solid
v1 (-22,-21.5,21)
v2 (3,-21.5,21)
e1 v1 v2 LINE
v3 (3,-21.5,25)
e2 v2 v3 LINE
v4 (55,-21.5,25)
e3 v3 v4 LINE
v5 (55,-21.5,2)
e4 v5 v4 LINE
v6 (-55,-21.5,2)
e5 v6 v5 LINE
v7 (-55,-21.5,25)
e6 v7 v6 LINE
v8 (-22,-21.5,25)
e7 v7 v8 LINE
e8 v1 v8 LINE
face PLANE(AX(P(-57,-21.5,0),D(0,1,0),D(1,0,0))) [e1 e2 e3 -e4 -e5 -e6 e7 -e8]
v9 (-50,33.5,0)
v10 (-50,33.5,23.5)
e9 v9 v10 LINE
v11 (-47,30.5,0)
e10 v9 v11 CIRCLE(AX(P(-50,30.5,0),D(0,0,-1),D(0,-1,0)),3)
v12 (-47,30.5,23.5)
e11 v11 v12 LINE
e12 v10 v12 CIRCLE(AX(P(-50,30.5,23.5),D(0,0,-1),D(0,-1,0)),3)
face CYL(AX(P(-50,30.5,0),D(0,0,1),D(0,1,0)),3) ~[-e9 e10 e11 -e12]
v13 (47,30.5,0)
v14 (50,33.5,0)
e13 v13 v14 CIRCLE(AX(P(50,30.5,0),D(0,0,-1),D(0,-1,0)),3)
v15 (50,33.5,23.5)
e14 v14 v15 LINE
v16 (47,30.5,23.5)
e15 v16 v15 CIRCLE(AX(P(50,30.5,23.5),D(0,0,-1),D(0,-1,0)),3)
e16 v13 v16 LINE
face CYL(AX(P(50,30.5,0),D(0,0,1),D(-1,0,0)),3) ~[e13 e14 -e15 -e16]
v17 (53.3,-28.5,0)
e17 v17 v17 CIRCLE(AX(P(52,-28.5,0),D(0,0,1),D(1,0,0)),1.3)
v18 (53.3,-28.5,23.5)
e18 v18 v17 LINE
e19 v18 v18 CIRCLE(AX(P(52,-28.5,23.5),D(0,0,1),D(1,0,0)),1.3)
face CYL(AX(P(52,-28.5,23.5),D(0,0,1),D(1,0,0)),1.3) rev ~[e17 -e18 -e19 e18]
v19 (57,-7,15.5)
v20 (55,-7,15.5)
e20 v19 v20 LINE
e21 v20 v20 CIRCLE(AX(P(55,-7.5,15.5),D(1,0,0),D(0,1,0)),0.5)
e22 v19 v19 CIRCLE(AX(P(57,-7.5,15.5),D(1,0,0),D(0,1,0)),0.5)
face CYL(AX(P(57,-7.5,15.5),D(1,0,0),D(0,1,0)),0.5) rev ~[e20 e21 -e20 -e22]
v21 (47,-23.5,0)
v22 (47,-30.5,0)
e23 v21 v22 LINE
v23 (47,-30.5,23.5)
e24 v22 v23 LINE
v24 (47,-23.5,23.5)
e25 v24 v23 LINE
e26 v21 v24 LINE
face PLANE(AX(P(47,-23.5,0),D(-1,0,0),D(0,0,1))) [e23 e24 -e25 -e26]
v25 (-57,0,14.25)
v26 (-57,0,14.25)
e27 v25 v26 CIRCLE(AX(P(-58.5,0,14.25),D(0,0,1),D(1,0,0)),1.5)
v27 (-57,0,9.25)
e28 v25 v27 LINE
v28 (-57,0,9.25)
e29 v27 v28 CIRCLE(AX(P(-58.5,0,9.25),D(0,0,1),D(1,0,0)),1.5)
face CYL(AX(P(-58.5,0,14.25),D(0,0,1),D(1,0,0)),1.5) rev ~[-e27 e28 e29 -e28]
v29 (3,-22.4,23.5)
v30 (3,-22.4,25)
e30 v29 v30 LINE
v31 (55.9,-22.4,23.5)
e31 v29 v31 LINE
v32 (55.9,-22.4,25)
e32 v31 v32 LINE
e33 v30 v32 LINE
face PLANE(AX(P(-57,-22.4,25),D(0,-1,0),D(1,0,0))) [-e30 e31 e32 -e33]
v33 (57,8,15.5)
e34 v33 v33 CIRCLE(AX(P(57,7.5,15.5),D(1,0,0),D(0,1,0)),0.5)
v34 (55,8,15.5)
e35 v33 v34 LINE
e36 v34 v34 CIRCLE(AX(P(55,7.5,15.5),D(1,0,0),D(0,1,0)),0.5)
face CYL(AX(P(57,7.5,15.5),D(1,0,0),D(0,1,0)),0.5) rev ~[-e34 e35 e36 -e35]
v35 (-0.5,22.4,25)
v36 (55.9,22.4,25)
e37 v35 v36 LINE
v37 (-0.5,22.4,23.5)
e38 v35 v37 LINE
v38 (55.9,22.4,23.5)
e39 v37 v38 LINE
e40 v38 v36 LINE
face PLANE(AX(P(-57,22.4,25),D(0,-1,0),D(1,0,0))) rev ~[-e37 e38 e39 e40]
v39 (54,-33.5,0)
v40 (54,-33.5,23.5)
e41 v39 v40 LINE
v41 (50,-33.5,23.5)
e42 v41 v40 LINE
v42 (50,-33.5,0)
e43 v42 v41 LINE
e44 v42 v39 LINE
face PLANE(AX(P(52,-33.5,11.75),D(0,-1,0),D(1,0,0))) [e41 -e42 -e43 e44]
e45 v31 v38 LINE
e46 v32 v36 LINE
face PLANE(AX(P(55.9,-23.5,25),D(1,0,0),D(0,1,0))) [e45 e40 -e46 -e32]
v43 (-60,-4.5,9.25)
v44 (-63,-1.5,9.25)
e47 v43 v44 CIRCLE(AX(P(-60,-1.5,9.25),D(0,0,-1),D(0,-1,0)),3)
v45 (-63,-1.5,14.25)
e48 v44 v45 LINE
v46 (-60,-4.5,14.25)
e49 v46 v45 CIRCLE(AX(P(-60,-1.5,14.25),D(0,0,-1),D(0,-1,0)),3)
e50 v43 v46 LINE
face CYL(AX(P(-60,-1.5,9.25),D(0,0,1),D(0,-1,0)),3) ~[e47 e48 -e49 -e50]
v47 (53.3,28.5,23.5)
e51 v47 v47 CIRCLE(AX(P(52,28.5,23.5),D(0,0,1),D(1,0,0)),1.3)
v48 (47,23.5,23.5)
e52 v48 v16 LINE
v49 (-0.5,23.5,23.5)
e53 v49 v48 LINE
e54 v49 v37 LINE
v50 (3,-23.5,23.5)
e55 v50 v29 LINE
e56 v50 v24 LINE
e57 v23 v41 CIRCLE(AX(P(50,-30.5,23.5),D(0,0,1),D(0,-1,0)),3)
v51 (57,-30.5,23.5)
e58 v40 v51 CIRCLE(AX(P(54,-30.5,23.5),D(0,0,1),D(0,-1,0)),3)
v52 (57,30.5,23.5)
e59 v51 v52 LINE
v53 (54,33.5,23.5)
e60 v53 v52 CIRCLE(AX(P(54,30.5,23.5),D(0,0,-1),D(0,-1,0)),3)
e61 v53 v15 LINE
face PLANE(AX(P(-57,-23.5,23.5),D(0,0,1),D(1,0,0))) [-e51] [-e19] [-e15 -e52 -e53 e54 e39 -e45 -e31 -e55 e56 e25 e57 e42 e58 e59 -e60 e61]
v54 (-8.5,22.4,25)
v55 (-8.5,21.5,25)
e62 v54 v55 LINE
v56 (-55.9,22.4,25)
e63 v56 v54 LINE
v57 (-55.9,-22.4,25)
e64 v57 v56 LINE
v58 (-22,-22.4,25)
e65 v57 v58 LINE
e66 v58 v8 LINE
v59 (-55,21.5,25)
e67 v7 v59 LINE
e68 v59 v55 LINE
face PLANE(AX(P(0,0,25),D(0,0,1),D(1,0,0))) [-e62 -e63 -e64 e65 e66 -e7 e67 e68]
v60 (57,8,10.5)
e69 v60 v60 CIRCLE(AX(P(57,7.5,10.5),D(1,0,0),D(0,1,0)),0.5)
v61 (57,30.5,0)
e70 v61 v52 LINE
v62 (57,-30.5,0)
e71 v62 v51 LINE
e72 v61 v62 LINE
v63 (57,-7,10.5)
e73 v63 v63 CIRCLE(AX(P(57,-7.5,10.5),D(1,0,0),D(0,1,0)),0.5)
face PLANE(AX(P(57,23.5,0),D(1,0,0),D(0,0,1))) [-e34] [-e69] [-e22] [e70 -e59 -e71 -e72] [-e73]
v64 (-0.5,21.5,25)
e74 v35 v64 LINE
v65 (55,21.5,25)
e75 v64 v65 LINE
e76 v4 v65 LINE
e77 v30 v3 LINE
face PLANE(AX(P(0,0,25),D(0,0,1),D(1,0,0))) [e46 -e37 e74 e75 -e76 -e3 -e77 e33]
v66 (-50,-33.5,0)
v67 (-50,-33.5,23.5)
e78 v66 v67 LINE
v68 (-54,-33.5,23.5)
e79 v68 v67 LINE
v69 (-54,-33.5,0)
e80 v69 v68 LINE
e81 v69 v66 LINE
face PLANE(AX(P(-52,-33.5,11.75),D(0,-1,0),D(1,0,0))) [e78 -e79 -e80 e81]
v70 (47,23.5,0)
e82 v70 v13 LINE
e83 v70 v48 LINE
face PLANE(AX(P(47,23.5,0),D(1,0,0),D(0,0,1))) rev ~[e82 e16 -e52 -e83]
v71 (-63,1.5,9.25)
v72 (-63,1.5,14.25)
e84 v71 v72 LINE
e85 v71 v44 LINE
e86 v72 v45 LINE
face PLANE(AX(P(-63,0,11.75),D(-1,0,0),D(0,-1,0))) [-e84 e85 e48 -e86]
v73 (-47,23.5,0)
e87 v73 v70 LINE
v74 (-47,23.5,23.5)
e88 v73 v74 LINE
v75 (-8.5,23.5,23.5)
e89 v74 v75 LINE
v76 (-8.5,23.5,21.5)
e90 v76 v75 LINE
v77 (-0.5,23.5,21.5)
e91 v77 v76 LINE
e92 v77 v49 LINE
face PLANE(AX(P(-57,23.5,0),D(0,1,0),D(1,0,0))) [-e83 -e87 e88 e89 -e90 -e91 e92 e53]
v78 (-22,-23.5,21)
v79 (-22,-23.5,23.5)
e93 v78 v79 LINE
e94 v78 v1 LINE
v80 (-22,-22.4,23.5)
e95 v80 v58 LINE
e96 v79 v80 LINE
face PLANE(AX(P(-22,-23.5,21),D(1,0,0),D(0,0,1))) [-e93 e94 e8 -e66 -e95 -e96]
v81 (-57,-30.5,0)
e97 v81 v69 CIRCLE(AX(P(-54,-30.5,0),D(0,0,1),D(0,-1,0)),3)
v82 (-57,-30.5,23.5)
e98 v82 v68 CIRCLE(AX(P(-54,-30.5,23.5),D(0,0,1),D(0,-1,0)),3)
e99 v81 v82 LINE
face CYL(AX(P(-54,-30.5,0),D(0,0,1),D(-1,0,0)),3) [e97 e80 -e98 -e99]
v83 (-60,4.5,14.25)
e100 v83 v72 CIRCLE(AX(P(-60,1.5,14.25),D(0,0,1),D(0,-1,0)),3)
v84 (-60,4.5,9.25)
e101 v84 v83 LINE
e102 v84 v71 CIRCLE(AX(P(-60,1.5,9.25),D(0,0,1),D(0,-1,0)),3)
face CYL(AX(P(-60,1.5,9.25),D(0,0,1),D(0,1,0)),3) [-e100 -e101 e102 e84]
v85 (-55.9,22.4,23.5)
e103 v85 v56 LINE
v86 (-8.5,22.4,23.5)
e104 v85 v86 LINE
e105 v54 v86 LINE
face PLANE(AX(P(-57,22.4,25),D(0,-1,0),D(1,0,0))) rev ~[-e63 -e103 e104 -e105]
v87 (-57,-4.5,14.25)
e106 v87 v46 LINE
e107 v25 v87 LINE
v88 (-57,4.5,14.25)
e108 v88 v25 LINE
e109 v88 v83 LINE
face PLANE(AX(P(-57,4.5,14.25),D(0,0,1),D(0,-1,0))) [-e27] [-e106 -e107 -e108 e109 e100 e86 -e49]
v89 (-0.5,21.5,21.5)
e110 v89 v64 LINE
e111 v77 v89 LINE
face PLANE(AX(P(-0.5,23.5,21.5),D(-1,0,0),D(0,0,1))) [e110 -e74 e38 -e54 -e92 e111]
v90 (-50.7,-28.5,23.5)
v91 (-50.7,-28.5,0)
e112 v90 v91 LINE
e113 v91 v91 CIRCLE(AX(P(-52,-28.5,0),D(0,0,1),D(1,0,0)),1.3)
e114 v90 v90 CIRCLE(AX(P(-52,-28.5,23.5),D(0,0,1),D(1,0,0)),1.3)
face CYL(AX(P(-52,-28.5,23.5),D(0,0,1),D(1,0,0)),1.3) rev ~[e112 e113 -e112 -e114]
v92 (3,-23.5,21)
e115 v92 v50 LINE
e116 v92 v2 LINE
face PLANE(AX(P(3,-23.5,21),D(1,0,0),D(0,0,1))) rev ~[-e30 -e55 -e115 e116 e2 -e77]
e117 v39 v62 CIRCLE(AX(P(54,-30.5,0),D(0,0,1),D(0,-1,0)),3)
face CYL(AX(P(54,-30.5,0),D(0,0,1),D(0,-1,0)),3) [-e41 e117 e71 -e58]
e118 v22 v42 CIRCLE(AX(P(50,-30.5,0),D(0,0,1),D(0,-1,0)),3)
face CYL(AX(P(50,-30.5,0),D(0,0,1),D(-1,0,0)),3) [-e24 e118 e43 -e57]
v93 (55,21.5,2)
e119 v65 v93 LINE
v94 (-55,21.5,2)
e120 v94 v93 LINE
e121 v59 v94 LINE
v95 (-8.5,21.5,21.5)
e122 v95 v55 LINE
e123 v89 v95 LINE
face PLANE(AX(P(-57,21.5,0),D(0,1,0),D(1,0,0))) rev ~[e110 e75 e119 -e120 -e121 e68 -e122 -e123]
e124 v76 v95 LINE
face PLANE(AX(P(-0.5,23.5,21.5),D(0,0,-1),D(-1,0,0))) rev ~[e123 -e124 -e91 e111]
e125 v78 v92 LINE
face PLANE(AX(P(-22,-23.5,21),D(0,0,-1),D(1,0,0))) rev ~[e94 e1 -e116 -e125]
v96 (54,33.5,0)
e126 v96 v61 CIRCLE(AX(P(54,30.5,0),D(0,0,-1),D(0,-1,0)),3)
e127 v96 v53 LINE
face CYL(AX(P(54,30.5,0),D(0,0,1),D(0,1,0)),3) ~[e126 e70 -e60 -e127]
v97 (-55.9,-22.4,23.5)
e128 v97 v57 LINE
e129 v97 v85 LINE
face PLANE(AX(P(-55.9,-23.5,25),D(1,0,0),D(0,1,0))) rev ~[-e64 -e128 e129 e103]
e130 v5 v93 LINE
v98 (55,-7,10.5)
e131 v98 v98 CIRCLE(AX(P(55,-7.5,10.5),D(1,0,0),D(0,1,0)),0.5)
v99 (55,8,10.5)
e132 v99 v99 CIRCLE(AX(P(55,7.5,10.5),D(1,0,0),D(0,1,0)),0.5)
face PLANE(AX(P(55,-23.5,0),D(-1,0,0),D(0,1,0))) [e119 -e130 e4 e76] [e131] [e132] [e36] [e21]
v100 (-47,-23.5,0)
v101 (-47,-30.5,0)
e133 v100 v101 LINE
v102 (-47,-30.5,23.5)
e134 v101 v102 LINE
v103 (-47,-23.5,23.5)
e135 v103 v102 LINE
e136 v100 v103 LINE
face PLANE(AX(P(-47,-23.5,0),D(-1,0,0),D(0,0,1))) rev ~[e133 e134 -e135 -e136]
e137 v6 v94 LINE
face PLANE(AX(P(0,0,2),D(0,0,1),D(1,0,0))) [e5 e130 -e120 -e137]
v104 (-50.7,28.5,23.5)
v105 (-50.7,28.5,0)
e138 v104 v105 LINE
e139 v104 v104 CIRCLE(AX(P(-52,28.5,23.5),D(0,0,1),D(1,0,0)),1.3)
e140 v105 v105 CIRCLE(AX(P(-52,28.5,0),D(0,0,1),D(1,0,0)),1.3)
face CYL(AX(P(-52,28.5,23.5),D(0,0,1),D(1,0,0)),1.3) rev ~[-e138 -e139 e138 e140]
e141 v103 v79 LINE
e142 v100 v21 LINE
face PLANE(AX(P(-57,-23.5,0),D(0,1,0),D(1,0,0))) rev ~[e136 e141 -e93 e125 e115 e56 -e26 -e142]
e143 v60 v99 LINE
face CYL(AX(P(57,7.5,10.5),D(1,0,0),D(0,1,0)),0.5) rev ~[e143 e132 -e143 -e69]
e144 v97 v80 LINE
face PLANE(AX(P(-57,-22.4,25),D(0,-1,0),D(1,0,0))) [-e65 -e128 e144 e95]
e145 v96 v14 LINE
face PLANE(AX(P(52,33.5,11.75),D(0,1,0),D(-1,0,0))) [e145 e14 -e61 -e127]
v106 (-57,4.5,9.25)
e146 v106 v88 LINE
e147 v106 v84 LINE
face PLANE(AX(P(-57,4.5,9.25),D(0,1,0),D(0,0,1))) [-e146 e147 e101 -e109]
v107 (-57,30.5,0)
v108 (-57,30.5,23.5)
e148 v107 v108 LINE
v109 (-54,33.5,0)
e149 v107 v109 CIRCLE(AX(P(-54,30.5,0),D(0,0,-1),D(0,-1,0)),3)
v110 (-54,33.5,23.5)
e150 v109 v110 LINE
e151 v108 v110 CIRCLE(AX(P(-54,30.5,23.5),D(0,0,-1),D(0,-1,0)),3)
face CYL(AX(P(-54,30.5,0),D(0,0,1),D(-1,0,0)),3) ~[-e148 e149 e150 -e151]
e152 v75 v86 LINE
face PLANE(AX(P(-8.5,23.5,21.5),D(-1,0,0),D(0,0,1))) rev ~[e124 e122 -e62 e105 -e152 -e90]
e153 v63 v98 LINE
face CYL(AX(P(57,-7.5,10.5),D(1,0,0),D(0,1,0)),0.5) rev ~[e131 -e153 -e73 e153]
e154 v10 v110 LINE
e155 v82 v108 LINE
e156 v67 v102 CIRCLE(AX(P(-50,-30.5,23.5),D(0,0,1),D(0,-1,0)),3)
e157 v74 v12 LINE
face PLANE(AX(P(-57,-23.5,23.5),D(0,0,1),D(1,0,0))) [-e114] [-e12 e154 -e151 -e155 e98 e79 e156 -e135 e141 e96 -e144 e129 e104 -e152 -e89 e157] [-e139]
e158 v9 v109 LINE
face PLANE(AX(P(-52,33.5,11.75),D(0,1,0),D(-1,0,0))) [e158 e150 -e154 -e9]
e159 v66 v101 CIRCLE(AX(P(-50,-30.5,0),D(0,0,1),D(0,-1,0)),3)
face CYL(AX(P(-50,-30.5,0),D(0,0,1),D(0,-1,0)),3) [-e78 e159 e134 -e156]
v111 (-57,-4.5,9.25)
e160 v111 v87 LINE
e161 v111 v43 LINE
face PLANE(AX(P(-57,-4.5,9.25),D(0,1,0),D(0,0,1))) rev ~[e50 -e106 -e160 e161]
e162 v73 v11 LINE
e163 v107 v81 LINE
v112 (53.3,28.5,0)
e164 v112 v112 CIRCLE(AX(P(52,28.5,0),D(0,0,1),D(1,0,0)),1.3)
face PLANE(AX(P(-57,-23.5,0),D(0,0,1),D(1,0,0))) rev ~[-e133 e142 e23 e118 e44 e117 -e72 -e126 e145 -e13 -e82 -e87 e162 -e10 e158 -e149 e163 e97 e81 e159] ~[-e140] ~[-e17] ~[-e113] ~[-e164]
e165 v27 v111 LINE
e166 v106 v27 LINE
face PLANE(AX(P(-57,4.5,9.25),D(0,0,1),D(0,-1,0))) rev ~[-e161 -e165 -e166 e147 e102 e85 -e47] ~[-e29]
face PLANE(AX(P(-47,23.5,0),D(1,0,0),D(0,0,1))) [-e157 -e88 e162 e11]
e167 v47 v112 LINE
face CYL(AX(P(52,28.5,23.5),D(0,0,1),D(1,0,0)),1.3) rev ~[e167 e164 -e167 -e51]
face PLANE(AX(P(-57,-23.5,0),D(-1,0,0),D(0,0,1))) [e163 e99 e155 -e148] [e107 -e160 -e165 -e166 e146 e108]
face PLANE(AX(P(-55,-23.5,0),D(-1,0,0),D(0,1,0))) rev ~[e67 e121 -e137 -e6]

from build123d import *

# Parameters (mm, degrees)
SKETCH_W        = 114
SKETCH_H        = 47
PAD_DEPTH       = 25
THICKNESS_T     = -2
SKETCH001_W     = 114
SKETCH001_H     = 1.1
POCKET_DEPTH    = 1.5
SKETCH002_W     = 1.1
SKETCH002_H     = 47
POCKET001_DEPTH = 1.5
SKETCH003_W     = 10
SKETCH003_H     = 23.5
PAD001_DEPTH    = 10
SKETCH004_W     = 10
SKETCH004_H     = 23.5
PAD002_DEPTH    = 10
SKETCH005_R     = 1.3
POCKET002_DEPTH = 23.5
SKETCH006_R     = 0.5
POCKET003_DEPTH = 2
SKETCH007_W     = 9
SKETCH007_H     = 5
PAD003_DEPTH    = 6
SKETCH009_R     = 1.5
POCKET004_DEPTH = 5
FILLET_R        = 3
FILLET001_R     = 3
FILLET002_R     = 3
SKETCH010_W     = 25
SKETCH010_H     = 4
POCKET005_DEPTH = 2
SKETCH011_W     = 8
SKETCH011_H     = 3.5
POCKET006_DEPTH = 2


with BuildPart() as part:
    # Sketch → Pad (new body)
    with BuildSketch(Plane.XY):
        Rectangle(SKETCH_W, SKETCH_H)
    extrude(amount=PAD_DEPTH)

    # Thickness
    thickness_openings = [part.faces().sort_by_distance(p)[0] for p in [
        (0, 0, 25),
    ]]
    offset(amount=THICKNESS_T, openings=thickness_openings)

    # Sketch001 (on Face6 of Thickness) → Pocket (cut)
    with BuildSketch(Plane.XY.offset(25)):
        with Locations((0, -22.95)):
            Rectangle(SKETCH001_W, SKETCH001_H)
        with Locations((0, 22.95)):
            Rectangle(SKETCH001_W, SKETCH001_H)
    extrude(amount=-POCKET_DEPTH, mode=Mode.SUBTRACT)

    # Sketch002 (on Face6 of Pocket) → Pocket001 (cut)
    with BuildSketch(Plane.XY.offset(25)):
        with Locations((56.45, 0)):
            Rectangle(SKETCH002_W, SKETCH002_H)
        with Locations((-56.45, 0)):
            Rectangle(SKETCH002_W, SKETCH002_H)
    extrude(amount=-POCKET001_DEPTH, mode=Mode.SUBTRACT)

    # Sketch003 (on Face4 of Pocket001) → Pad001 (join)
    with BuildSketch(Plane(origin=(0, 23.5, 0), x_dir=(-1, 0, 0), z_dir=(0, 1, 0))):
        with Locations((-52, 11.75)):
            Rectangle(SKETCH003_W, SKETCH003_H)
        with Locations((52, 11.75)):
            Rectangle(SKETCH003_W, SKETCH003_H)
    extrude(amount=PAD001_DEPTH)

    # Sketch004 (on Face1 of Pad001) → Pad002 (join)
    with BuildSketch(Plane.XZ.offset(23.5)):
        with Locations((-52, 11.75)):
            Rectangle(SKETCH004_W, SKETCH004_H)
        with Locations((52, 11.75)):
            Rectangle(SKETCH004_W, SKETCH004_H)
    extrude(amount=PAD002_DEPTH)

    # Sketch005 (on Face12 of Pad002) → Pocket002 (cut)
    with BuildSketch(Plane.XY.offset(23.5)):
        with Locations((-52, 28.5)):
            Circle(SKETCH005_R)
        with Locations((52, 28.5)):
            Circle(SKETCH005_R)
        with Locations((52, -28.5)):
            Circle(SKETCH005_R)
        with Locations((-52, -28.5)):
            Circle(SKETCH005_R)
    extrude(amount=-POCKET002_DEPTH, mode=Mode.SUBTRACT)

    # Sketch006 (on Face12 of Pocket002) → Pocket003 (cut)
    with BuildSketch(Plane.YZ.offset(57)):
        with Locations((7.5, 10.5)):
            Circle(SKETCH006_R)
        with Locations((7.5, 15.5)):
            Circle(SKETCH006_R)
        with Locations((-7.5, 10.5)):
            Circle(SKETCH006_R)
        with Locations((-7.5, 15.5)):
            Circle(SKETCH006_R)
    extrude(amount=-POCKET003_DEPTH, mode=Mode.SUBTRACT)

    # Sketch007 (on Face4 of Pocket003) → Pad003 (join)
    with BuildSketch(Plane(origin=(-57, 0, 0), x_dir=(0, -1, 0), z_dir=(-1, 0, 0))):
        with Locations((0, 11.75)):
            Rectangle(SKETCH007_W, SKETCH007_H)
    extrude(amount=PAD003_DEPTH)

    # Sketch009 (on Face22 of Pad003) → Pocket004 (cut)
    with BuildSketch(Plane.XY.offset(14.25)):
        with Locations((-58.5, 0)):
            Circle(SKETCH009_R)
    extrude(amount=-POCKET004_DEPTH, mode=Mode.SUBTRACT)

    # Fillet
    fillet_edges = [part.edges().sort_by_distance(p)[0] for p in [
        (-57, -33.5, 11.75),
        (-47, -33.5, 11.75),
        (47, -33.5, 11.75),
        (57, -33.5, 11.75),
    ]]
    fillet(fillet_edges, radius=FILLET_R)

    # Fillet001
    fillet001_edges = [part.edges().sort_by_distance(p)[0] for p in [
        (-63, -4.5, 11.75),
        (-63, 4.5, 11.75),
    ]]
    fillet(fillet001_edges, radius=FILLET001_R)

    # Fillet002
    fillet002_edges = [part.edges().sort_by_distance(p)[0] for p in [
        (57, 33.5, 11.75),
        (47, 33.5, 11.75),
        (-47, 33.5, 11.75),
        (-57, 33.5, 11.75),
    ]]
    fillet(fillet002_edges, radius=FILLET002_R)

    # Sketch010 (on Face17 of Fillet002) → Pocket005 (cut)
    with BuildSketch(Plane.XZ.offset(23.5)):
        with Locations((-9.5, 23)):
            Rectangle(SKETCH010_W, SKETCH010_H)
    extrude(amount=-POCKET005_DEPTH, mode=Mode.SUBTRACT)

    # Sketch011 (on Face13 of Pocket005) → Pocket006 (cut)
    with BuildSketch(Plane(origin=(0, 23.5, 0), x_dir=(-1, 0, 0), z_dir=(0, 1, 0))):
        with Locations((4.5, 23.25)):
            Rectangle(SKETCH011_W, SKETCH011_H)
    extrude(amount=-POCKET006_DEPTH, mode=Mode.SUBTRACT)


solid = part.part
